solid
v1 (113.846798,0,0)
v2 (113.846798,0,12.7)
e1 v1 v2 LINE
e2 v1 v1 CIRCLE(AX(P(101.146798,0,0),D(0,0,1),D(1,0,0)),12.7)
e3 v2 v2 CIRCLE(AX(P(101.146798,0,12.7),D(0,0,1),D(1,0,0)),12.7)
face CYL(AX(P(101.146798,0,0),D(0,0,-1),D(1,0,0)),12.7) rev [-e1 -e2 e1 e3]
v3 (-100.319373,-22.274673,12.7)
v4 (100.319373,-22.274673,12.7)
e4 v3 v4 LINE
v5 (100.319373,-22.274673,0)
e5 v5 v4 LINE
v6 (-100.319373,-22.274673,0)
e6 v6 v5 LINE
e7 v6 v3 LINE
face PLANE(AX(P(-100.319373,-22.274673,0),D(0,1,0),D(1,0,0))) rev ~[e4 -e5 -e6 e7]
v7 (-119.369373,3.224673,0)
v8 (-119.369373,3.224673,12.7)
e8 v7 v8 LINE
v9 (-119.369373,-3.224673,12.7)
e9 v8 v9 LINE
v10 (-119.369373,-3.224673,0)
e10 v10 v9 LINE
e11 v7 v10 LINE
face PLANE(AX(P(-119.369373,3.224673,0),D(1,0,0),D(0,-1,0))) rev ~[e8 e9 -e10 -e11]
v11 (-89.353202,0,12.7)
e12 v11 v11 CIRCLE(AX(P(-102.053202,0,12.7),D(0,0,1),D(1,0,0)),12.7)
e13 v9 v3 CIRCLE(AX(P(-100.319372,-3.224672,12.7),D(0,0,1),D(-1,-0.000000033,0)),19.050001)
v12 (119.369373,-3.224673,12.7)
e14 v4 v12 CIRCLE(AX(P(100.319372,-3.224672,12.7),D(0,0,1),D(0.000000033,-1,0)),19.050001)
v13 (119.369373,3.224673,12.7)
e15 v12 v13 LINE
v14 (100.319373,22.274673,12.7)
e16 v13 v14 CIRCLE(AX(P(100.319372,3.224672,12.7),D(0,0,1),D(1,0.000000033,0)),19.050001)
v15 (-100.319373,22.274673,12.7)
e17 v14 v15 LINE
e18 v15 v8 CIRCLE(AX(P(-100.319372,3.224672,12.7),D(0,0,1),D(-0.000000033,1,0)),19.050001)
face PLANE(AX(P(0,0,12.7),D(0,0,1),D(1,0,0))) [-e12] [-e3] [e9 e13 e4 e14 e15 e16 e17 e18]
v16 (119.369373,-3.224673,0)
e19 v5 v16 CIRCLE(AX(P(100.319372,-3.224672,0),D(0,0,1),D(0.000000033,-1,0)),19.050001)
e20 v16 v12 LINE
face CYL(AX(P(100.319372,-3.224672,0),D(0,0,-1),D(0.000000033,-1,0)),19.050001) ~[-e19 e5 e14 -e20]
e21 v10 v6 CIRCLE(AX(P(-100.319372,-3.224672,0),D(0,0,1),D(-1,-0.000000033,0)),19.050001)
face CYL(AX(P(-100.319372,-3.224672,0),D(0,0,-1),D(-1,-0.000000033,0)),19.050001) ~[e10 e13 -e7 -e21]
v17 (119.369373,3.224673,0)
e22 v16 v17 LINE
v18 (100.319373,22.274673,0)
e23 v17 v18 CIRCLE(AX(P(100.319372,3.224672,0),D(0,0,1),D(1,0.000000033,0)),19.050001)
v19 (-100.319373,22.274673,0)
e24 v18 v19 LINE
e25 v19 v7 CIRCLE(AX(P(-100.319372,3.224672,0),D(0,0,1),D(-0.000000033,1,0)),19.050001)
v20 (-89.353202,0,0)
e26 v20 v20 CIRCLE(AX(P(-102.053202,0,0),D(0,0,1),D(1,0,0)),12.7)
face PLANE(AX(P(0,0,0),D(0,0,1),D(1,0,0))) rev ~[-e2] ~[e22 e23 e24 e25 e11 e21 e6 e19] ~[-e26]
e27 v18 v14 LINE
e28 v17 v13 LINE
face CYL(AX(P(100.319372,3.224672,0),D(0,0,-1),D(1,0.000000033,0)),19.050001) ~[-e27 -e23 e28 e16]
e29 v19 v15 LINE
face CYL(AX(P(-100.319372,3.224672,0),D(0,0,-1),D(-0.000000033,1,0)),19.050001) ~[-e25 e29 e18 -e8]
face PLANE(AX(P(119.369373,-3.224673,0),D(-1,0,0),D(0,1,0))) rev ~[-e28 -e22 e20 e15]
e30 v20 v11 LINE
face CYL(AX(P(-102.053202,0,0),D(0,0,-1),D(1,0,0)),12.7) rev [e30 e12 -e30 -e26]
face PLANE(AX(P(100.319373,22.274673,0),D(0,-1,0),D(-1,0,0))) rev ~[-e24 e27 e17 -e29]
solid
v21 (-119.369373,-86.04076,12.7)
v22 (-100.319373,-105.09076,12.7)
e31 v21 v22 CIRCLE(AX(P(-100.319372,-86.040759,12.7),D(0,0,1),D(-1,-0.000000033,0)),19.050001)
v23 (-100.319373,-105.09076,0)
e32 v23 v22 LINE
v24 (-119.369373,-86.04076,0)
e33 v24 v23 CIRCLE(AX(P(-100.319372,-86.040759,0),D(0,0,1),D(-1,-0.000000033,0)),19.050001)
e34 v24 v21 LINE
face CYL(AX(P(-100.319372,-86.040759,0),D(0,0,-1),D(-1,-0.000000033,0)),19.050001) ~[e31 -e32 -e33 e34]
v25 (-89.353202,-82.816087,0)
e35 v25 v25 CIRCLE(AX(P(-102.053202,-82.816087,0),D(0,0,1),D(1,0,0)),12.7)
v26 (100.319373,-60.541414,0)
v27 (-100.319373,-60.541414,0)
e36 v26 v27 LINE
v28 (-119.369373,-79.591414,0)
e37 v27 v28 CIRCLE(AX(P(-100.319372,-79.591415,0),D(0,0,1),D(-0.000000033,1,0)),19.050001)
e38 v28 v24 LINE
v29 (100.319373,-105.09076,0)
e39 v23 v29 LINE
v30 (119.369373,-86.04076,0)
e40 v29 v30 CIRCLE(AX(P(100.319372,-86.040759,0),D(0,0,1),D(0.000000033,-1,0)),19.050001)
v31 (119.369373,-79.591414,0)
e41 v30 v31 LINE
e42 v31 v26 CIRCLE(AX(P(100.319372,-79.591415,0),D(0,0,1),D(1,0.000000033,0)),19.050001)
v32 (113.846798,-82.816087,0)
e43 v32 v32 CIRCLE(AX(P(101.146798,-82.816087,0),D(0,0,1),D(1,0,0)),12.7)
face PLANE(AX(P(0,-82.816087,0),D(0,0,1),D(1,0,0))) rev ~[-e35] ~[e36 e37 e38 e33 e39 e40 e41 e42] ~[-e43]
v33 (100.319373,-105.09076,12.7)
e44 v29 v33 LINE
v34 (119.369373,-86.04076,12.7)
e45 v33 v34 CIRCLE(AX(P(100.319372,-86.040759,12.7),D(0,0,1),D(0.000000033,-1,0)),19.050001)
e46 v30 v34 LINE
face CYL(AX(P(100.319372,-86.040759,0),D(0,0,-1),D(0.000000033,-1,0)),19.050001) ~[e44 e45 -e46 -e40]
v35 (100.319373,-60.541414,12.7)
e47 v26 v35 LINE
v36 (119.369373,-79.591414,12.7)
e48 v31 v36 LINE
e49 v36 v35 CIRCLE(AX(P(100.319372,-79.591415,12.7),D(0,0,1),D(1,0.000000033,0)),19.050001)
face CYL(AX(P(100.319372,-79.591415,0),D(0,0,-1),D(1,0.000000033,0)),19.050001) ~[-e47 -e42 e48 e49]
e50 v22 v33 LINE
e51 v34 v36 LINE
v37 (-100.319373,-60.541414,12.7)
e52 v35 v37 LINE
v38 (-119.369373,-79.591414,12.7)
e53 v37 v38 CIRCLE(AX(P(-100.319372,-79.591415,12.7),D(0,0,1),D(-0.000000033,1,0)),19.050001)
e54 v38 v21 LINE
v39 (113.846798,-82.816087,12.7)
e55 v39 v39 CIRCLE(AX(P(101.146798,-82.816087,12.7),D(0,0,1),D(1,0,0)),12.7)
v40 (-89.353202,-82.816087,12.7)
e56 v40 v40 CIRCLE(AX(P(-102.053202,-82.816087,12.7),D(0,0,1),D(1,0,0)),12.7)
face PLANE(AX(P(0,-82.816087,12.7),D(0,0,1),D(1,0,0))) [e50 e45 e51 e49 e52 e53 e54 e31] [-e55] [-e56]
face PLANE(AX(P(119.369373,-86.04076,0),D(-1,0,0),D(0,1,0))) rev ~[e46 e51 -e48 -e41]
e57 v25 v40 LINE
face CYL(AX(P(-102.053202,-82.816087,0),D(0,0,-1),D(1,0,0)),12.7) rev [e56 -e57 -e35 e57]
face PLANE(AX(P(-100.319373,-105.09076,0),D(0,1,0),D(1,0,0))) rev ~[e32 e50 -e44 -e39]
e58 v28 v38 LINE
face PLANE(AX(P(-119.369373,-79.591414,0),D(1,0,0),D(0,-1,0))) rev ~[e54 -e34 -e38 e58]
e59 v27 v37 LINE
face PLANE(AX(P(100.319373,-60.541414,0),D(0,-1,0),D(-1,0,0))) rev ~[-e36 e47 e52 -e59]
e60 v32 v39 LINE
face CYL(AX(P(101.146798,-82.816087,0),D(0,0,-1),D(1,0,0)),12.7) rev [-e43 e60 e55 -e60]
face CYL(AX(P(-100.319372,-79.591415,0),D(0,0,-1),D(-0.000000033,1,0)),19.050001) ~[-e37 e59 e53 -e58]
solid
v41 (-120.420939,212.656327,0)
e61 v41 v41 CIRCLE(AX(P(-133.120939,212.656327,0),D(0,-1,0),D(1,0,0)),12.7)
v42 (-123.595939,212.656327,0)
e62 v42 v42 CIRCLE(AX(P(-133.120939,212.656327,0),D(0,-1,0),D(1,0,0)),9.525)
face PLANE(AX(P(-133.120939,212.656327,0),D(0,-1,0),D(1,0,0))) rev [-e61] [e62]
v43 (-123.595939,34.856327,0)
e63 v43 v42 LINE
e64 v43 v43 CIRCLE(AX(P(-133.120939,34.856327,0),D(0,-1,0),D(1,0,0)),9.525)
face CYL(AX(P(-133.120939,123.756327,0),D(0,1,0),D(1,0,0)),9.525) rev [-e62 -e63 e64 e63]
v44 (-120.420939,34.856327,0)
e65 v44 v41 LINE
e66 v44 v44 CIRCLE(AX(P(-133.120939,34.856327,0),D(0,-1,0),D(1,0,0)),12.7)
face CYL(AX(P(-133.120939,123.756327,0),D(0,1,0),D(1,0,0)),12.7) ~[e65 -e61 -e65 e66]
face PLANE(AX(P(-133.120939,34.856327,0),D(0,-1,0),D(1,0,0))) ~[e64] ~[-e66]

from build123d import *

# Parameters (mm, degrees)
F0_R     = 12.7
F1_DEPTH = 12.7
F2_W     = 3.175
F2_H     = 177.8


with BuildPart() as f1:
    # F0 (on Top) → F1 (new body)
    with BuildSketch(Plane.XY):
        with BuildLine():
            ThreePointArc((-119.369373, -3.224673), (-113.789757, -16.695057), (-100.319373, -22.274673))
            Line((-100.319373, -22.274673), (100.319373, -22.274673))
            ThreePointArc((100.319373, -22.274673), (113.789757, -16.695057), (119.369373, -3.224673))
            Line((119.369373, -3.224673), (119.369373, 3.224673))
            ThreePointArc((119.369373, 3.224673), (113.789757, 16.695057), (100.319373, 22.274673))
            Line((100.319373, 22.274673), (-100.319373, 22.274673))
            ThreePointArc((-100.319373, 22.274673), (-113.789757, 16.695057), (-119.369373, 3.224673))
            Line((-119.369373, 3.224673), (-119.369373, -3.224673))
        make_face()
        with Locations((-102.053202, 0)):
            Circle(F0_R, mode=Mode.SUBTRACT)
        with Locations((101.146798, 0)):
            Circle(F0_R, mode=Mode.SUBTRACT)
        with BuildLine():
            Line((119.369373, -86.04076), (119.369373, -79.591414))
            ThreePointArc((119.369373, -79.591414), (113.789757, -66.12103), (100.319373, -60.541414))
            Line((100.319373, -60.541414), (-100.319373, -60.541414))
            ThreePointArc((-100.319373, -60.541414), (-113.789757, -66.12103), (-119.369373, -79.591414))
            Line((-119.369373, -79.591414), (-119.369373, -86.04076))
            ThreePointArc((-119.369373, -86.04076), (-113.789757, -99.511144), (-100.319373, -105.09076))
            Line((-100.319373, -105.09076), (100.319373, -105.09076))
            ThreePointArc((100.319373, -105.09076), (113.789757, -99.511144), (119.369373, -86.04076))
        make_face()
        with Locations((-102.053202, -82.816087)):
            Circle(F0_R, mode=Mode.SUBTRACT)
        with Locations((101.146798, -82.816087)):
            Circle(F0_R, mode=Mode.SUBTRACT)
    extrude(amount=F1_DEPTH)


with BuildPart() as f3:
    # F2 (on Top) → F3 (revolve)
    with BuildSketch(Plane.XY):
        with Locations((-122.008439, 123.756327)):
            Rectangle(F2_W, F2_H)
    revolve(axis=Axis((-133.120939, 123.756327, 0), (0, -1, 0)))


solid = Compound([f1.part, f3.part])
